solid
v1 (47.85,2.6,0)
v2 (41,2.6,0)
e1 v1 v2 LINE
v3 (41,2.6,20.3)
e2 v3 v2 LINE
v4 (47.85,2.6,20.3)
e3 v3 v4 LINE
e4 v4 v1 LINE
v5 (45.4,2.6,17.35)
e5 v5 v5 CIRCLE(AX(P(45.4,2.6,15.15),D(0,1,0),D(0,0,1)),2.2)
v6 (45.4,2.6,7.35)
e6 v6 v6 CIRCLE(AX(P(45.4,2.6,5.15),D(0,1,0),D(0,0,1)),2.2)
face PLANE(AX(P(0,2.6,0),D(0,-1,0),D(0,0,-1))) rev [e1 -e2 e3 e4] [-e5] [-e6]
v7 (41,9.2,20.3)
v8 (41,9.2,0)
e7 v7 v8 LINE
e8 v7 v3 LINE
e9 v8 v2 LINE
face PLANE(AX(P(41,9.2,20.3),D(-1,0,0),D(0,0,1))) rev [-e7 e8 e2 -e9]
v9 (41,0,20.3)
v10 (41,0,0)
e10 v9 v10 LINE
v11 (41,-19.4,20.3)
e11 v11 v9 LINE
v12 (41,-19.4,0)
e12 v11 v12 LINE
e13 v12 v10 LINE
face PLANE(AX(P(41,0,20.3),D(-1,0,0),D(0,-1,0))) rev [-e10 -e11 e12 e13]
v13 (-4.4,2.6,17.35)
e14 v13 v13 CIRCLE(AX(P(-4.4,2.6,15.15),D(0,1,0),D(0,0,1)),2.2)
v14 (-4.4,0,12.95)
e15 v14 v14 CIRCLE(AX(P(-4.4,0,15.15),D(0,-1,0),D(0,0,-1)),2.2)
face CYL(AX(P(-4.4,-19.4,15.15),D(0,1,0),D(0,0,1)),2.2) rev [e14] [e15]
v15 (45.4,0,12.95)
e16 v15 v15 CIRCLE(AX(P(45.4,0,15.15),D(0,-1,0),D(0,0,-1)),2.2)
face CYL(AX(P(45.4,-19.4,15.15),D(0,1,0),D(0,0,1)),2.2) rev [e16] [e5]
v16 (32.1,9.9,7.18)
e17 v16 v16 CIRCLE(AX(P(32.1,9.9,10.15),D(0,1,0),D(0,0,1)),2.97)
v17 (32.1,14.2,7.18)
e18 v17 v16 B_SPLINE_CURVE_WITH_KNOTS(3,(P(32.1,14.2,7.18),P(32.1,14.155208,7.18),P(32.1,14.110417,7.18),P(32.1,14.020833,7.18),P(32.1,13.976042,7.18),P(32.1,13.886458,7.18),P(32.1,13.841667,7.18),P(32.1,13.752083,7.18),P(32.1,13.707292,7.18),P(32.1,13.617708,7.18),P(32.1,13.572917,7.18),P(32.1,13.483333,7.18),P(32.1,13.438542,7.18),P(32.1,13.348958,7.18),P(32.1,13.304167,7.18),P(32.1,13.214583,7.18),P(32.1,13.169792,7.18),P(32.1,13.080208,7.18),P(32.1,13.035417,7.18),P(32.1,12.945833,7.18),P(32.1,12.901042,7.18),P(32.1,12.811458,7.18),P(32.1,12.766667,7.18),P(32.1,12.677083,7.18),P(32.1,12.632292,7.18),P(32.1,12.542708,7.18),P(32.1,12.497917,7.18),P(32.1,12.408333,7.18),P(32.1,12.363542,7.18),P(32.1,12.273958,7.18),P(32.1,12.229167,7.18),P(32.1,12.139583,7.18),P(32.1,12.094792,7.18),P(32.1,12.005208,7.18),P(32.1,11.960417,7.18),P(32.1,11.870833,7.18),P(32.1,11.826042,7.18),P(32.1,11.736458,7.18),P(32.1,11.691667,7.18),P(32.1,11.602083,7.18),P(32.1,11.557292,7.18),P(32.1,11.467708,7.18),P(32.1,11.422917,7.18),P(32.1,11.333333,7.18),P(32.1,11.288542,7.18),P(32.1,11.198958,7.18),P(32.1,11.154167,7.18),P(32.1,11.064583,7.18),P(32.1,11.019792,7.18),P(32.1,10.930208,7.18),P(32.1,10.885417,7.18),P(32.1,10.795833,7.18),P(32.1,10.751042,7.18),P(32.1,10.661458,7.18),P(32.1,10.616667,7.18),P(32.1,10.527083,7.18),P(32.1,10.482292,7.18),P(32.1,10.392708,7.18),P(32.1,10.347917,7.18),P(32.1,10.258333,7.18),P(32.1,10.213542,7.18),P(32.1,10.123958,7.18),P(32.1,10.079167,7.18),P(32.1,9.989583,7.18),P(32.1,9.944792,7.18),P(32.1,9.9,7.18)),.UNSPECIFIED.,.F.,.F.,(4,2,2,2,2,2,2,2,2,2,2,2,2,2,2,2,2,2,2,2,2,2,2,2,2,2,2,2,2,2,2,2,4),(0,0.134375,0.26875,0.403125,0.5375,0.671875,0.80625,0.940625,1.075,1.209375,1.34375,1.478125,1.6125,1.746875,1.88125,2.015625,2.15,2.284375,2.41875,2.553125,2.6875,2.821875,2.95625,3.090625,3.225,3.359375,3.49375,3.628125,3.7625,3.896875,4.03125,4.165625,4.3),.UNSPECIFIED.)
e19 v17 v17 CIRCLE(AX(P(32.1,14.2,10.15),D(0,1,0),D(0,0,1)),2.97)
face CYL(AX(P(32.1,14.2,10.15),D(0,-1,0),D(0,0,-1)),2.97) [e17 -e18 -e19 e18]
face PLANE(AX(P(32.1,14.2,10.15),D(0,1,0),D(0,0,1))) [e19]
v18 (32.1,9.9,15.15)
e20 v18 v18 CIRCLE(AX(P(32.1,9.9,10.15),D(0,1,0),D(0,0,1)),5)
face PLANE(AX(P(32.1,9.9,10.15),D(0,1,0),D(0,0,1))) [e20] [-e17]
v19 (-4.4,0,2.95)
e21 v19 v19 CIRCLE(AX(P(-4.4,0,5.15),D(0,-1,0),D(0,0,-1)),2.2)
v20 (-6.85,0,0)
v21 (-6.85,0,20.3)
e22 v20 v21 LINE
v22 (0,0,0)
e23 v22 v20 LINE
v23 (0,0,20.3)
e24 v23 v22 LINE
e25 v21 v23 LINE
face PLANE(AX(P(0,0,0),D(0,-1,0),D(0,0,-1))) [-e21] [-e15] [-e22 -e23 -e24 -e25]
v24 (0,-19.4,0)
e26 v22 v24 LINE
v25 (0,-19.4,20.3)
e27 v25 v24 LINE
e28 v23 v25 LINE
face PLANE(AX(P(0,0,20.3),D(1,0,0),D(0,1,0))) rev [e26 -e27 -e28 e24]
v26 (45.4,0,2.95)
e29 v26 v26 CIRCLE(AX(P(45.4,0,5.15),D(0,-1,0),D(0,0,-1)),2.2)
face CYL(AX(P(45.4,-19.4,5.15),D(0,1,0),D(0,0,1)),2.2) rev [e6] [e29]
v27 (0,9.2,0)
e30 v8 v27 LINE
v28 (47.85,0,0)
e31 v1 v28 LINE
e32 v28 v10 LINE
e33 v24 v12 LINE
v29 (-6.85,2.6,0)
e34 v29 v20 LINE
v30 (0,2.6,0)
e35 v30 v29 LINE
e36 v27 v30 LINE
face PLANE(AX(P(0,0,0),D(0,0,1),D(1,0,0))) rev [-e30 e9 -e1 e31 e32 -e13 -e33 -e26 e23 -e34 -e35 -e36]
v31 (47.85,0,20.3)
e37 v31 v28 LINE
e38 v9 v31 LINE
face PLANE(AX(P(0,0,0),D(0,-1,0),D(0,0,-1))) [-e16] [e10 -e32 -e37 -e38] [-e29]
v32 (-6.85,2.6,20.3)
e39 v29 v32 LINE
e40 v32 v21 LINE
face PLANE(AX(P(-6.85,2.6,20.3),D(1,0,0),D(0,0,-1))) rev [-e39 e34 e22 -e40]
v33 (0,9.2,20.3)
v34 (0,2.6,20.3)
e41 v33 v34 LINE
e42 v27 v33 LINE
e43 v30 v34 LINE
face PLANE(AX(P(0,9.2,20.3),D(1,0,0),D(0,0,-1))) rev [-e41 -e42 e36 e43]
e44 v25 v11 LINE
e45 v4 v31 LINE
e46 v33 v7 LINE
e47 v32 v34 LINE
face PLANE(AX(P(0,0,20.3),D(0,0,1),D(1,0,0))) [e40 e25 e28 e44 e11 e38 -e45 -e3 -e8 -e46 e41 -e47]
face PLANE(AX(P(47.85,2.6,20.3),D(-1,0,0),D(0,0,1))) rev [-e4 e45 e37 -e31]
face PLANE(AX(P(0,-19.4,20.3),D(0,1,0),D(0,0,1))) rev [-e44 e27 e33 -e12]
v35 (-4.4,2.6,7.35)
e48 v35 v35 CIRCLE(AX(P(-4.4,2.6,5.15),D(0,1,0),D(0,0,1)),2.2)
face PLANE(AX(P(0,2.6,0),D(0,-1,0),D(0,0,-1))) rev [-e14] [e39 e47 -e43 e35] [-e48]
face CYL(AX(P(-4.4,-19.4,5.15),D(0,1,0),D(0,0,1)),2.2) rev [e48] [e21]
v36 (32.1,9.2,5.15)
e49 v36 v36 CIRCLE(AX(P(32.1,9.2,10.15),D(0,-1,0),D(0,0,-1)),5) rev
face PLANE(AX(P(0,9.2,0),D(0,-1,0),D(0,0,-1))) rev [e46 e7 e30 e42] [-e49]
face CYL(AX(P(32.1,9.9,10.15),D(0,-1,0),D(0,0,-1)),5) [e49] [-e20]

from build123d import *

# Parameters (mm, degrees)
SKETCH1_W           = 41
SKETCH1_H           = 19.4
BOSS_EXTRUDE1_DEPTH = 20.3
SKETCH2_W           = 54.7
SKETCH2_H           = 20.3
BOSS_EXTRUDE2_DEPTH = 2.6
SKETCH3_W           = 41
SKETCH3_H           = 20.3
BOSS_EXTRUDE3_DEPTH = 6.6
SKETCH4_R           = 2.2
CUT_EXTRUDE1_DEPTH  = 57.442116367
SKETCH5_R           = 5
BOSS_EXTRUDE4_DEPTH = 0.7
SKETCH6_R           = 2.97
BOSS_EXTRUDE5_DEPTH = 4.3


with BuildPart() as part:
    # Sketch1 → Boss-Extrude1 (new body)
    with BuildSketch(Plane.XY):
        with Locations((20.5, -9.7)):
            Rectangle(SKETCH1_W, SKETCH1_H)
    extrude(amount=BOSS_EXTRUDE1_DEPTH)

    # Sketch2 → Boss-Extrude2 (add)
    with BuildSketch(Plane(origin=(0, 0, 0), x_dir=(1, 0, 0), z_dir=(0, 1, 0))):
        with Locations((20.5, -10.15)):
            Rectangle(SKETCH2_W, SKETCH2_H)
    extrude(amount=BOSS_EXTRUDE2_DEPTH)

    # Sketch3 → Boss-Extrude3 (add)
    with BuildSketch(Plane(origin=(0, 2.6, 0), x_dir=(1, 0, 0), z_dir=(0, 1, 0))):
        with Locations((20.5, -10.15)):
            Rectangle(SKETCH3_W, SKETCH3_H)
    extrude(amount=BOSS_EXTRUDE3_DEPTH)

    # Sketch4 → Cut-Extrude1 (cut, through all)
    with BuildSketch(Plane(origin=(0, 2.6, 0), x_dir=(1, 0, 0), z_dir=(0, 1, 0))):
        with Locations(Location((-4.4, -15.15, 0), (0, 0, 270))):
            Circle(SKETCH4_R)
        with Locations(Location((-4.4, -5.15, 0), (0, 0, 270))):
            Circle(SKETCH4_R)
        with Locations(Location((45.4, -15.15, 0), (0, 0, 270))):
            Circle(SKETCH4_R)
        with Locations(Location((45.4, -5.15, 0), (0, 0, 270))):
            Circle(SKETCH4_R)
    extrude(amount=-CUT_EXTRUDE1_DEPTH, mode=Mode.SUBTRACT)

    # Sketch5 → Boss-Extrude4 (add)
    with BuildSketch(Plane(origin=(0, 9.2, 0), x_dir=(1, 0, 0), z_dir=(0, 1, 0))):
        with Locations(Location((32.1, -10.15, 0), (0, 0, 90))):
            Circle(SKETCH5_R)
    extrude(amount=BOSS_EXTRUDE4_DEPTH)

    # Sketch6 → Boss-Extrude5 (add)
    with BuildSketch(Plane(origin=(0, 9.9, 0), x_dir=(1, 0, 0), z_dir=(0, 1, 0))):
        with Locations(Location((32.1, -10.15, 0), (0, 0, 90))):
            Circle(SKETCH6_R)
    extrude(amount=BOSS_EXTRUDE5_DEPTH)


solid = part.part
